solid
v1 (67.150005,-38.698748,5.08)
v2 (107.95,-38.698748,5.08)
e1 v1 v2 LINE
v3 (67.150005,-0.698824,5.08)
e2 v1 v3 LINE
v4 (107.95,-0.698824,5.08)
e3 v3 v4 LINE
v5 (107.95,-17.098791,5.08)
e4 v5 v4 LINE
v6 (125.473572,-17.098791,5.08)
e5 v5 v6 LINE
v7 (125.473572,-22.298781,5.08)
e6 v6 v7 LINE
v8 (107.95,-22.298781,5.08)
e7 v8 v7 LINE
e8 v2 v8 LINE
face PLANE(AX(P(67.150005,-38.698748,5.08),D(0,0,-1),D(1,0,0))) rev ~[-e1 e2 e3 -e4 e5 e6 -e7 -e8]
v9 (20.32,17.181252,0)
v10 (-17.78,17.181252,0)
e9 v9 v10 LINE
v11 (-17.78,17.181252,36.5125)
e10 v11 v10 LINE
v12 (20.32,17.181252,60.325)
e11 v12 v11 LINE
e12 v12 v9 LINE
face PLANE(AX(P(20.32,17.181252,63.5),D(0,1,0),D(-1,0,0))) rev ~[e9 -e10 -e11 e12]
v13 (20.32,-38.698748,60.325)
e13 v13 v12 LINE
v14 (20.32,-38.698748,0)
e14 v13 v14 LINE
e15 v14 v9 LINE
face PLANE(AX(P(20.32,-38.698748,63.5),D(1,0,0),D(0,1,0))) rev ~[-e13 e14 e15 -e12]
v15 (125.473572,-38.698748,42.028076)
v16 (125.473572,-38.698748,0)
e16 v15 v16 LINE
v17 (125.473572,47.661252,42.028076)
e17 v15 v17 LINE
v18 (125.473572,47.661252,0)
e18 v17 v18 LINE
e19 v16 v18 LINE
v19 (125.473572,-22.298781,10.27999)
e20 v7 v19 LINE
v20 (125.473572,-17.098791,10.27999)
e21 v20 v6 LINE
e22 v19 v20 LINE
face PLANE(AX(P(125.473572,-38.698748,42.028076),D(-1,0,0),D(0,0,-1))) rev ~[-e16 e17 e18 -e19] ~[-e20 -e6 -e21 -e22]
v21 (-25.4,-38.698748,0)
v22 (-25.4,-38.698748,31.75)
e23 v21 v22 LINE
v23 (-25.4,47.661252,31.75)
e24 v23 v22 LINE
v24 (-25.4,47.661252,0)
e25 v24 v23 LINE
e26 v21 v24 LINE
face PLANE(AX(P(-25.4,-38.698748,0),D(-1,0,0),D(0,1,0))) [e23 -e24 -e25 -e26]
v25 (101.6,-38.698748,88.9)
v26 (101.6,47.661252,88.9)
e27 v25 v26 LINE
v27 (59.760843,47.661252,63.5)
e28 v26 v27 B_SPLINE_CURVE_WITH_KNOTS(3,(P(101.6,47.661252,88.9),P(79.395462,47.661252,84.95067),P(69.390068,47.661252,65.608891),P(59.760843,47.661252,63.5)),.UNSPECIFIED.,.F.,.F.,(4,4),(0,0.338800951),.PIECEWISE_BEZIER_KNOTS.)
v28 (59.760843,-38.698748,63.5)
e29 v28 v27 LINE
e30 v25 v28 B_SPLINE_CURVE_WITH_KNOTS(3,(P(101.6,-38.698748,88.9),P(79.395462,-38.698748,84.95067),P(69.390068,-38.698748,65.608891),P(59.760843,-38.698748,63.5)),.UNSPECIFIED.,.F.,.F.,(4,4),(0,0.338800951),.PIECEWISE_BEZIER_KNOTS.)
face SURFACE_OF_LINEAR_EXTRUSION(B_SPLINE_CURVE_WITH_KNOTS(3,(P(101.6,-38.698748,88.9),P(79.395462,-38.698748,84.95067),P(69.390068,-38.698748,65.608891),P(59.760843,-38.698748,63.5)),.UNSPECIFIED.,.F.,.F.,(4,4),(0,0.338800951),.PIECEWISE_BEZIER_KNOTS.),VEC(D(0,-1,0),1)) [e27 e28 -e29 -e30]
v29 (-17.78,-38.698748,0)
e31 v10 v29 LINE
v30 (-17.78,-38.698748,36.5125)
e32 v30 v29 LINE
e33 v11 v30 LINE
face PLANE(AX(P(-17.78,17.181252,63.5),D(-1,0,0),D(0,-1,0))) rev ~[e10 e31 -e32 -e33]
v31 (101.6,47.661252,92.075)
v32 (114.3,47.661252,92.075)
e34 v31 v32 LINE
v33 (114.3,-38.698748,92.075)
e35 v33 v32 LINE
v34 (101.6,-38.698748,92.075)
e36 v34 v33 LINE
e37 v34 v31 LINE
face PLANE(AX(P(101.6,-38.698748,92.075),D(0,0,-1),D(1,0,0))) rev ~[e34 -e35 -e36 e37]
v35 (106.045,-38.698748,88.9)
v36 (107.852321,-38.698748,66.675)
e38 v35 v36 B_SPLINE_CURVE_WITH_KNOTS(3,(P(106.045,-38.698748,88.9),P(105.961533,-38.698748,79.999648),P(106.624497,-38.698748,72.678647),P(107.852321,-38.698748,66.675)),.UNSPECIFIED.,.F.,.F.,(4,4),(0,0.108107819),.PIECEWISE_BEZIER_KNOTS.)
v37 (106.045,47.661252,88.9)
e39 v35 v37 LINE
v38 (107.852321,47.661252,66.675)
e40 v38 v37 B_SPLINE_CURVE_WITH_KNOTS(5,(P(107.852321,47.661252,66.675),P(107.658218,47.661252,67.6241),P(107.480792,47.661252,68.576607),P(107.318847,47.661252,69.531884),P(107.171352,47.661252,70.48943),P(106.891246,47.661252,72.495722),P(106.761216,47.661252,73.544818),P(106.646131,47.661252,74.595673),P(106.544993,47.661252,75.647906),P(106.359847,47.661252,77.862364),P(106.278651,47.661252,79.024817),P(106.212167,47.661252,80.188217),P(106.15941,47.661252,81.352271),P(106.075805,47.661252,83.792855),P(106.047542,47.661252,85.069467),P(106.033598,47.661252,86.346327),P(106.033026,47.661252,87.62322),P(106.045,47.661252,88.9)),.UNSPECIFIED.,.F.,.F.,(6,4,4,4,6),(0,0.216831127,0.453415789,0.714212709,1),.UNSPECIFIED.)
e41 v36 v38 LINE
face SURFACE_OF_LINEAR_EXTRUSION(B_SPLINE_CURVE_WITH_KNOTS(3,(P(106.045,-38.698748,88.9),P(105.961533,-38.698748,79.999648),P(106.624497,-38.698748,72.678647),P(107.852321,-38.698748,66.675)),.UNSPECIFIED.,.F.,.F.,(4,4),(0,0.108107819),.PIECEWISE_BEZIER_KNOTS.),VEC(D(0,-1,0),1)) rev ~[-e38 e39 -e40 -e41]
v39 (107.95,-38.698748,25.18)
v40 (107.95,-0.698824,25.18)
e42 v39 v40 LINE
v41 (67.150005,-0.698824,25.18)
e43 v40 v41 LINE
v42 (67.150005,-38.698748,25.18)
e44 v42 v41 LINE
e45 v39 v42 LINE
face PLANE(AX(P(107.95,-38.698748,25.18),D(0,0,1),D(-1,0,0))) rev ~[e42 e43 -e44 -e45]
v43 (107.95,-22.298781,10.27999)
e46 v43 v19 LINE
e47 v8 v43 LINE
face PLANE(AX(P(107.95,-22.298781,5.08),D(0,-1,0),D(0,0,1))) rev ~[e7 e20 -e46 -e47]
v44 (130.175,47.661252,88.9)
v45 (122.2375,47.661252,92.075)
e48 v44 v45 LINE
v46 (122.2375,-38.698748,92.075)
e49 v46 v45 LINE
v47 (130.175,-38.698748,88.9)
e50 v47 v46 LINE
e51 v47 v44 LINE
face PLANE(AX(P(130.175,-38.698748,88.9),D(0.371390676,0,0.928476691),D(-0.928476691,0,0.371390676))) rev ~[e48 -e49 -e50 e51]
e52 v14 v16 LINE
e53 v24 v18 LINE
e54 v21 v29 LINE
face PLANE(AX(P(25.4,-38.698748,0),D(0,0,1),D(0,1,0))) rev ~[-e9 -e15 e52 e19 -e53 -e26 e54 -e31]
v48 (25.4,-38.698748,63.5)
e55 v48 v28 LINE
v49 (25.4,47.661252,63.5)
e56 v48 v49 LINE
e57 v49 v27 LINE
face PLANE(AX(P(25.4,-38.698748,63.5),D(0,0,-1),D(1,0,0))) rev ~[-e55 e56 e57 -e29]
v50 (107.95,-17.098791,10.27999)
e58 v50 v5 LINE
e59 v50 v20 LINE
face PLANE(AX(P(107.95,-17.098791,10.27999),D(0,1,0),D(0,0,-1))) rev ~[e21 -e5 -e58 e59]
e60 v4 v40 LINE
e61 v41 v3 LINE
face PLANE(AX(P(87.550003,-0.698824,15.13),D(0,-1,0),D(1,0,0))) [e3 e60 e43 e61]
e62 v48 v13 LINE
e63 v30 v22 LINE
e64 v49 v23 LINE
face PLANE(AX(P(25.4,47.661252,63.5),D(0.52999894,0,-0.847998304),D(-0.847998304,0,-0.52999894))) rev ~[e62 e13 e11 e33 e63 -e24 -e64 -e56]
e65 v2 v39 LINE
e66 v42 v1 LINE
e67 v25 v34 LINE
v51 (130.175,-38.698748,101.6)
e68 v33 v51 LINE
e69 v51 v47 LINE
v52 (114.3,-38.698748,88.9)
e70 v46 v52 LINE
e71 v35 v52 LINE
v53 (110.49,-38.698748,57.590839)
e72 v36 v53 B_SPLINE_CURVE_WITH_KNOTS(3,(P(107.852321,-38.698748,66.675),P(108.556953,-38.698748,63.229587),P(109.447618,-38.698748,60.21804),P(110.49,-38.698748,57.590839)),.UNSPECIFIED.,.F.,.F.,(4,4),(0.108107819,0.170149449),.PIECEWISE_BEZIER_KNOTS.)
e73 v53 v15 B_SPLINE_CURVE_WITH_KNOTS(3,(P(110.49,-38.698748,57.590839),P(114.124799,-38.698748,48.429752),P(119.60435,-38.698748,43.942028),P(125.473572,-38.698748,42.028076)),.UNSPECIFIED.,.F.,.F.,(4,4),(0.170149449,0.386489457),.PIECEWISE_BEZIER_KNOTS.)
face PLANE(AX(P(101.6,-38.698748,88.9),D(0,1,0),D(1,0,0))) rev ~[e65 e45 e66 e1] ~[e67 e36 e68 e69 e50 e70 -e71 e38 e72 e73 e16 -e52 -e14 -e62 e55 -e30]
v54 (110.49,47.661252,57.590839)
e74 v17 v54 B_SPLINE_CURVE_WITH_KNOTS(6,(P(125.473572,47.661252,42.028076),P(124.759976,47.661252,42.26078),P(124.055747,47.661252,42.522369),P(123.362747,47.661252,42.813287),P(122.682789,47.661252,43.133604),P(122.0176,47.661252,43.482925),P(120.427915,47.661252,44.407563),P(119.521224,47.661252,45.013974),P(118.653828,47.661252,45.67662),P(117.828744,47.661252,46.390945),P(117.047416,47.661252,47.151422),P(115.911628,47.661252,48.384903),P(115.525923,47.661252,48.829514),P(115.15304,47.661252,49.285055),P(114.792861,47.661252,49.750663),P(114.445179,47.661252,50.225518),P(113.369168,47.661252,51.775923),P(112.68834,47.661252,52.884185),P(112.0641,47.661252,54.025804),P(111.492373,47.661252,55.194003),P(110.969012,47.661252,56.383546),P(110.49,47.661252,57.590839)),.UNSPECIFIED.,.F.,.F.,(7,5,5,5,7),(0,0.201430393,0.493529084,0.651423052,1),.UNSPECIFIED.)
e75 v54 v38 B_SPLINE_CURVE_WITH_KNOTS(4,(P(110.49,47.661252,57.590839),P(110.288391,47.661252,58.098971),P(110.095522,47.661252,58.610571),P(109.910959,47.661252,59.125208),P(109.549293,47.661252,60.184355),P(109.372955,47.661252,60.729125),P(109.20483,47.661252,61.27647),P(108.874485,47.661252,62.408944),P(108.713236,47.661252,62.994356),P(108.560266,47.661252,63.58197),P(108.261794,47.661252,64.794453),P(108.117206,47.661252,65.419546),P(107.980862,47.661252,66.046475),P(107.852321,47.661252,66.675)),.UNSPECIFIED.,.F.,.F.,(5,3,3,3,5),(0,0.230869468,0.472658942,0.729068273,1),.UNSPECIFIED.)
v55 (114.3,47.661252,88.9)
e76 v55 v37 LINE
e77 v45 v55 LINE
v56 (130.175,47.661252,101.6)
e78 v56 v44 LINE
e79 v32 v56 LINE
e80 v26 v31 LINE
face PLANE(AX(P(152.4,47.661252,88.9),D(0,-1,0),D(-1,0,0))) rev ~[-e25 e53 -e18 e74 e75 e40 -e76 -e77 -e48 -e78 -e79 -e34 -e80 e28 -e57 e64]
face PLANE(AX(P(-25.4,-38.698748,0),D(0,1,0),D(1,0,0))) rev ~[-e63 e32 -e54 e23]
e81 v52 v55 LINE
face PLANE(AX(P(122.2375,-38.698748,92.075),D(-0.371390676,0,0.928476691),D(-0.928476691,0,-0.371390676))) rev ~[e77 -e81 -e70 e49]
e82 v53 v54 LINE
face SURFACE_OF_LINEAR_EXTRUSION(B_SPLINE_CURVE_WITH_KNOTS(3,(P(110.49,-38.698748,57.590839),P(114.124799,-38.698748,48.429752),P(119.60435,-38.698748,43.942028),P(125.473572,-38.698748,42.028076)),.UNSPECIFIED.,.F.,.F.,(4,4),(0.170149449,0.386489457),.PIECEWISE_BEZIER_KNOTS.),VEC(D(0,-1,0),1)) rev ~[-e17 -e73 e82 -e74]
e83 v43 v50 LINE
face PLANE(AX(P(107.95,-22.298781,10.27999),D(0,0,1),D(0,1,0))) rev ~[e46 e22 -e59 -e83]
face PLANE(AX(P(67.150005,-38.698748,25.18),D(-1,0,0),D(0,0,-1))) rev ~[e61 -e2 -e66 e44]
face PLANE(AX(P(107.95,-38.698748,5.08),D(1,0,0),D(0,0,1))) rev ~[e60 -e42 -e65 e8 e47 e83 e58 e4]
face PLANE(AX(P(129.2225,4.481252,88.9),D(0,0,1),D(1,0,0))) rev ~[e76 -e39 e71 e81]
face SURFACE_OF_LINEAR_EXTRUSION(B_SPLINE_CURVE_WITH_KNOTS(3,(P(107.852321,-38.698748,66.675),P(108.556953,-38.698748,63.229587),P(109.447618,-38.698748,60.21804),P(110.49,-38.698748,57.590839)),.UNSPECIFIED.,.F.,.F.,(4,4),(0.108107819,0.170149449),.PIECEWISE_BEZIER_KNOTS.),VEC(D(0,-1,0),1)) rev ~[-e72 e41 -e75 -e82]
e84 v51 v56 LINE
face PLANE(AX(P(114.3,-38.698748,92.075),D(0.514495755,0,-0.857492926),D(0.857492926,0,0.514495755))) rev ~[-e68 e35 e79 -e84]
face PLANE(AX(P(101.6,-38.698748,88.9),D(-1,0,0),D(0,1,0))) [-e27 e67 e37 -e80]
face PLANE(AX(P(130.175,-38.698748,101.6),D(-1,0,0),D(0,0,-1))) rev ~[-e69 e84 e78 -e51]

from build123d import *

# Parameters (mm, degrees)
F0_W      = 50.8
F0_H      = 86.36
F1_DEPTH  = 63.5
F2_W      = 20.32
F2_H      = 43.18
F2_W_2    = 17.78
F2_H_2    = 12.7
F3_DEPTH  = 228.6
F5_DEPTH  = 228.6
F6_W      = 86.36
F6_H      = 50.8
F6_H_2    = 63.5
F7_DEPTH  = 127
F9_W      = 127
F9_H      = 50.8
F10_DEPTH = 228.6
F12_DEPTH = 37.999924
F13_DEPTH = 86.36
F15_DEPTH = 101.6
F16_W     = 41.91
F16_H     = 22.225
F17_DEPTH = 228.6
F18_W     = 46.355
F18_H     = 86.36
F18_W_2   = 4.445
F19_DEPTH = 12.7
F20_W     = 12.7
F20_H     = 9.525
F20_W_2   = 3.175
F20_W_3   = 6.35
F20_H_2   = 3.175
F21_DEPTH = 228.6
F23_DEPTH = 228.6
F25_DEPTH = 59.69


with BuildPart() as f1:
    # F0 (on Top) → F1 (new body)
    with BuildSketch(Plane.XY):
        with Locations((0, 4.4812522829)):
            Rectangle(F0_W, F0_H)
    extrude(amount=F1_DEPTH)

    # F2 (on face) → F3 (cut)
    with BuildSketch(Plane.XY.offset(63.5)):
        with Locations((10.16, -17.1087477171)):
            Rectangle(F2_W, F2_H)
        with Locations((-8.89, -17.1087477171)):
            Rectangle(F2_W_2, F2_H)
        with Locations((-8.89, 10.8312522829)):
            Rectangle(F2_W_2, F2_H_2)
        with Locations((10.16, 10.8312522829)):
            Rectangle(F2_W, F2_H_2)
    extrude(amount=-F3_DEPTH, mode=Mode.SUBTRACT)

    # F4 (on face) → F5 (cut)
    with BuildSketch(Plane(origin=(0, 47.6612522829, 0), x_dir=(-1, 0, 0), z_dir=(0, 1, 0))):
        Polygon((-25.4, 63.5), (25.4, 31.75), (25.4, 63.5), align=None)
    extrude(amount=-F5_DEPTH, mode=Mode.SUBTRACT)

    # F6 (on face) → F7 (join)
    with BuildSketch(Plane.YZ.offset(25.4)):
        with Locations((4.4812522829, 88.9)):
            Rectangle(F6_W, F6_H)
        with Locations((4.4812522829, 31.75)):
            Rectangle(F6_W, F6_H_2)
    extrude(amount=F7_DEPTH)

    # F9 (on face) → F10 (cut)
    with BuildSketch(Plane.XZ.offset(38.6987477171)):
        with Locations((88.9, 88.9)):
            Rectangle(F9_W, F9_H)
    extrude(amount=-F10_DEPTH, mode=Mode.SUBTRACT)

    # F11 (on face) → F12 (cut)
    with BuildSketch(Plane.XZ.offset(38.6987477171)):
        Polygon((107.95, 5.08), (107.95, 13.3552532643), (107.95, 25.18000044), (67.1500054, 25.18000044), (67.1500054, 5.08), align=None)
    extrude(amount=-F12_DEPTH, mode=Mode.SUBTRACT)

    # F8 (on face) → F13 (join)
    with BuildSketch(Plane.XZ.offset(38.6987477171)):
        with BuildLine():
            Line((59.7608433873, 63.5), (101.6, 63.5))
            Line((101.6, 63.5), (101.6, 88.9))
            add(Edge.make_bspline(
                [(101.6, 88.9), (79.3954620772, 84.9506698417), (69.3900678517, 65.6088911006), (59.7608433873, 63.5)],
                knots=[0, 0, 0, 0, 0.338800951, 0.338800951, 0.338800951, 0.338800951], degree=3))
        make_face()
        Polygon((101.6, 88.9), (101.6, 63.5), (152.4, 63.5), (152.4, 114.3), (101.6, 114.3), align=None)
    extrude(amount=-F13_DEPTH)

    # F14 (on face) → F15 (cut)
    with BuildSketch(Plane.YZ.offset(152.4)):
        Polygon((47.6612522829, 114.3), (-38.6987477171, 114.3), (-38.6987477171, 88.9), (47.6612522829, 88.9), (47.6612522829, 101.6), align=None)
    extrude(amount=-F15_DEPTH, mode=Mode.SUBTRACT)

    # F16 (on face) → F17 (cut)
    with BuildSketch(Plane.XZ.offset(38.6987477171)):
        with BuildLine():
            Line((110.49, 88.9), (106.045, 88.9))
            add(Edge.make_bspline(
                [(106.045, 88.9), (105.9615328839, 79.9996478624), (106.6244970851, 72.6786467547), (107.8523208869, 66.675)],
                knots=[0, 0, 0, 0, 0.1081078186, 0.1081078186, 0.1081078186, 0.1081078186], degree=3))
            Line((107.8523208869, 66.675), (110.49, 66.675))
            Line((110.49, 66.675), (110.49, 88.9))
        make_face()
        with Locations((131.445, 77.7875)):
            Rectangle(F16_W, F16_H)
        with BuildLine():
            add(Edge.make_bspline(
                [(125.4735723701, 42.0280762083), (135.9858471133, 38.600025516), (147.748179628, 43.4285939835), (152.4, 44.45)],
                knots=[0.3864894569, 0.3864894569, 0.3864894569, 0.3864894569, 0.7739727648, 0.7739727648, 0.7739727648, 0.7739727648], degree=3))
            Line((125.4735723701, 42.0280762083), (125.4735723701, 0))
            Line((125.4735723701, 0), (152.4, 0))
            Line((152.4, 0), (152.4, 44.45))
        make_face()
        with BuildLine():
            Line((152.4, 66.675), (110.49, 66.675))
            Line((110.49, 66.675), (110.49, 57.590838654))
            add(Edge.make_bspline(
                [(110.49, 57.590838654), (114.1247988782, 48.4297517127), (119.6043502671, 43.9420283629), (125.4735723701, 42.0280762083)],
                knots=[0.1701494495, 0.1701494495, 0.1701494495, 0.1701494495, 0.3864894569, 0.3864894569, 0.3864894569, 0.3864894569], degree=3))
            add(Edge.make_bspline(
                [(125.4735723701, 42.0280762083), (135.9858471133, 38.600025516), (147.748179628, 43.4285939835), (152.4, 44.45)],
                knots=[0.3864894569, 0.3864894569, 0.3864894569, 0.3864894569, 0.7739727648, 0.7739727648, 0.7739727648, 0.7739727648], degree=3))
            Line((152.4, 44.45), (152.4, 66.675))
        make_face()
        with BuildLine():
            Line((110.49, 66.675), (107.8523208869, 66.675))
            add(Edge.make_bspline(
                [(107.8523208869, 66.675), (108.556952542, 63.2295874388), (109.4476183658, 60.2180400746), (110.49, 57.590838654)],
                knots=[0.1081078186, 0.1081078186, 0.1081078186, 0.1081078186, 0.1701494495, 0.1701494495, 0.1701494495, 0.1701494495], degree=3))
            Line((110.49, 57.590838654), (110.49, 66.675))
        make_face()
    extrude(amount=-F17_DEPTH, mode=Mode.SUBTRACT)

    # F18 (on face) → F19 (join)
    with BuildSketch(Plane.XY.offset(88.9)):
        with Locations((129.2225, 4.4812522829)):
            Rectangle(F18_W, F18_H)
        with Locations((103.8225, 4.4812522829)):
            Rectangle(F18_W_2, F18_H)
    extrude(amount=F19_DEPTH)

    # F20 (on face) → F21 (cut)
    with BuildSketch(Plane.XZ.offset(38.6987477171)):
        with Locations((107.95, 96.8375)):
            Rectangle(F20_W, F20_H)
        Polygon((127, 99.695), (127, 101.6), (114.3, 101.6), (114.3, 92.075), align=None)
        Polygon((127, 99.695), (130.175, 101.6), (127, 101.6), align=None)
        with Locations((131.7625, 96.8375)):
            Rectangle(F20_W_2, F20_H)
        with Locations((136.525, 96.8375)):
            Rectangle(F20_W_3, F20_H)
        with Locations((131.7625, 90.4875)):
            Rectangle(F20_W_2, F20_H_2)
        with Locations((136.525, 90.4875)):
            Rectangle(F20_W_3, F20_H_2)
        Polygon((152.4, 95.25), (152.4, 101.6), (139.7, 101.6), (139.7, 92.075), (152.4, 92.075), align=None)
        with Locations((146.05, 90.4875)):
            Rectangle(F20_W, F20_H_2)
    extrude(amount=-F21_DEPTH, mode=Mode.SUBTRACT)

    # F22 (on face) → F23 (cut)
    with BuildSketch(Plane.XZ.offset(38.6987477171)):
        Polygon((122.2375, 92.075), (114.3, 88.9), (130.175, 88.9), align=None)
    extrude(amount=-F23_DEPTH, mode=Mode.SUBTRACT)

    # F24 (on face) → F25 (cut)
    with BuildSketch(Plane(origin=(107.95, 0, 0), x_dir=(0, -1, 0), z_dir=(-1, 0, 0))):
        Polygon((22.0737809671, 5.08), (22.2987805171, 5.08), (22.2987805171, 10.2799896), (17.0987909171, 10.2799896), (17.0987909171, 5.08), (17.3237904671, 5.08), (19.6987857171, 5.08), align=None)
    extrude(amount=-F25_DEPTH, mode=Mode.SUBTRACT)


solid = f1.part
